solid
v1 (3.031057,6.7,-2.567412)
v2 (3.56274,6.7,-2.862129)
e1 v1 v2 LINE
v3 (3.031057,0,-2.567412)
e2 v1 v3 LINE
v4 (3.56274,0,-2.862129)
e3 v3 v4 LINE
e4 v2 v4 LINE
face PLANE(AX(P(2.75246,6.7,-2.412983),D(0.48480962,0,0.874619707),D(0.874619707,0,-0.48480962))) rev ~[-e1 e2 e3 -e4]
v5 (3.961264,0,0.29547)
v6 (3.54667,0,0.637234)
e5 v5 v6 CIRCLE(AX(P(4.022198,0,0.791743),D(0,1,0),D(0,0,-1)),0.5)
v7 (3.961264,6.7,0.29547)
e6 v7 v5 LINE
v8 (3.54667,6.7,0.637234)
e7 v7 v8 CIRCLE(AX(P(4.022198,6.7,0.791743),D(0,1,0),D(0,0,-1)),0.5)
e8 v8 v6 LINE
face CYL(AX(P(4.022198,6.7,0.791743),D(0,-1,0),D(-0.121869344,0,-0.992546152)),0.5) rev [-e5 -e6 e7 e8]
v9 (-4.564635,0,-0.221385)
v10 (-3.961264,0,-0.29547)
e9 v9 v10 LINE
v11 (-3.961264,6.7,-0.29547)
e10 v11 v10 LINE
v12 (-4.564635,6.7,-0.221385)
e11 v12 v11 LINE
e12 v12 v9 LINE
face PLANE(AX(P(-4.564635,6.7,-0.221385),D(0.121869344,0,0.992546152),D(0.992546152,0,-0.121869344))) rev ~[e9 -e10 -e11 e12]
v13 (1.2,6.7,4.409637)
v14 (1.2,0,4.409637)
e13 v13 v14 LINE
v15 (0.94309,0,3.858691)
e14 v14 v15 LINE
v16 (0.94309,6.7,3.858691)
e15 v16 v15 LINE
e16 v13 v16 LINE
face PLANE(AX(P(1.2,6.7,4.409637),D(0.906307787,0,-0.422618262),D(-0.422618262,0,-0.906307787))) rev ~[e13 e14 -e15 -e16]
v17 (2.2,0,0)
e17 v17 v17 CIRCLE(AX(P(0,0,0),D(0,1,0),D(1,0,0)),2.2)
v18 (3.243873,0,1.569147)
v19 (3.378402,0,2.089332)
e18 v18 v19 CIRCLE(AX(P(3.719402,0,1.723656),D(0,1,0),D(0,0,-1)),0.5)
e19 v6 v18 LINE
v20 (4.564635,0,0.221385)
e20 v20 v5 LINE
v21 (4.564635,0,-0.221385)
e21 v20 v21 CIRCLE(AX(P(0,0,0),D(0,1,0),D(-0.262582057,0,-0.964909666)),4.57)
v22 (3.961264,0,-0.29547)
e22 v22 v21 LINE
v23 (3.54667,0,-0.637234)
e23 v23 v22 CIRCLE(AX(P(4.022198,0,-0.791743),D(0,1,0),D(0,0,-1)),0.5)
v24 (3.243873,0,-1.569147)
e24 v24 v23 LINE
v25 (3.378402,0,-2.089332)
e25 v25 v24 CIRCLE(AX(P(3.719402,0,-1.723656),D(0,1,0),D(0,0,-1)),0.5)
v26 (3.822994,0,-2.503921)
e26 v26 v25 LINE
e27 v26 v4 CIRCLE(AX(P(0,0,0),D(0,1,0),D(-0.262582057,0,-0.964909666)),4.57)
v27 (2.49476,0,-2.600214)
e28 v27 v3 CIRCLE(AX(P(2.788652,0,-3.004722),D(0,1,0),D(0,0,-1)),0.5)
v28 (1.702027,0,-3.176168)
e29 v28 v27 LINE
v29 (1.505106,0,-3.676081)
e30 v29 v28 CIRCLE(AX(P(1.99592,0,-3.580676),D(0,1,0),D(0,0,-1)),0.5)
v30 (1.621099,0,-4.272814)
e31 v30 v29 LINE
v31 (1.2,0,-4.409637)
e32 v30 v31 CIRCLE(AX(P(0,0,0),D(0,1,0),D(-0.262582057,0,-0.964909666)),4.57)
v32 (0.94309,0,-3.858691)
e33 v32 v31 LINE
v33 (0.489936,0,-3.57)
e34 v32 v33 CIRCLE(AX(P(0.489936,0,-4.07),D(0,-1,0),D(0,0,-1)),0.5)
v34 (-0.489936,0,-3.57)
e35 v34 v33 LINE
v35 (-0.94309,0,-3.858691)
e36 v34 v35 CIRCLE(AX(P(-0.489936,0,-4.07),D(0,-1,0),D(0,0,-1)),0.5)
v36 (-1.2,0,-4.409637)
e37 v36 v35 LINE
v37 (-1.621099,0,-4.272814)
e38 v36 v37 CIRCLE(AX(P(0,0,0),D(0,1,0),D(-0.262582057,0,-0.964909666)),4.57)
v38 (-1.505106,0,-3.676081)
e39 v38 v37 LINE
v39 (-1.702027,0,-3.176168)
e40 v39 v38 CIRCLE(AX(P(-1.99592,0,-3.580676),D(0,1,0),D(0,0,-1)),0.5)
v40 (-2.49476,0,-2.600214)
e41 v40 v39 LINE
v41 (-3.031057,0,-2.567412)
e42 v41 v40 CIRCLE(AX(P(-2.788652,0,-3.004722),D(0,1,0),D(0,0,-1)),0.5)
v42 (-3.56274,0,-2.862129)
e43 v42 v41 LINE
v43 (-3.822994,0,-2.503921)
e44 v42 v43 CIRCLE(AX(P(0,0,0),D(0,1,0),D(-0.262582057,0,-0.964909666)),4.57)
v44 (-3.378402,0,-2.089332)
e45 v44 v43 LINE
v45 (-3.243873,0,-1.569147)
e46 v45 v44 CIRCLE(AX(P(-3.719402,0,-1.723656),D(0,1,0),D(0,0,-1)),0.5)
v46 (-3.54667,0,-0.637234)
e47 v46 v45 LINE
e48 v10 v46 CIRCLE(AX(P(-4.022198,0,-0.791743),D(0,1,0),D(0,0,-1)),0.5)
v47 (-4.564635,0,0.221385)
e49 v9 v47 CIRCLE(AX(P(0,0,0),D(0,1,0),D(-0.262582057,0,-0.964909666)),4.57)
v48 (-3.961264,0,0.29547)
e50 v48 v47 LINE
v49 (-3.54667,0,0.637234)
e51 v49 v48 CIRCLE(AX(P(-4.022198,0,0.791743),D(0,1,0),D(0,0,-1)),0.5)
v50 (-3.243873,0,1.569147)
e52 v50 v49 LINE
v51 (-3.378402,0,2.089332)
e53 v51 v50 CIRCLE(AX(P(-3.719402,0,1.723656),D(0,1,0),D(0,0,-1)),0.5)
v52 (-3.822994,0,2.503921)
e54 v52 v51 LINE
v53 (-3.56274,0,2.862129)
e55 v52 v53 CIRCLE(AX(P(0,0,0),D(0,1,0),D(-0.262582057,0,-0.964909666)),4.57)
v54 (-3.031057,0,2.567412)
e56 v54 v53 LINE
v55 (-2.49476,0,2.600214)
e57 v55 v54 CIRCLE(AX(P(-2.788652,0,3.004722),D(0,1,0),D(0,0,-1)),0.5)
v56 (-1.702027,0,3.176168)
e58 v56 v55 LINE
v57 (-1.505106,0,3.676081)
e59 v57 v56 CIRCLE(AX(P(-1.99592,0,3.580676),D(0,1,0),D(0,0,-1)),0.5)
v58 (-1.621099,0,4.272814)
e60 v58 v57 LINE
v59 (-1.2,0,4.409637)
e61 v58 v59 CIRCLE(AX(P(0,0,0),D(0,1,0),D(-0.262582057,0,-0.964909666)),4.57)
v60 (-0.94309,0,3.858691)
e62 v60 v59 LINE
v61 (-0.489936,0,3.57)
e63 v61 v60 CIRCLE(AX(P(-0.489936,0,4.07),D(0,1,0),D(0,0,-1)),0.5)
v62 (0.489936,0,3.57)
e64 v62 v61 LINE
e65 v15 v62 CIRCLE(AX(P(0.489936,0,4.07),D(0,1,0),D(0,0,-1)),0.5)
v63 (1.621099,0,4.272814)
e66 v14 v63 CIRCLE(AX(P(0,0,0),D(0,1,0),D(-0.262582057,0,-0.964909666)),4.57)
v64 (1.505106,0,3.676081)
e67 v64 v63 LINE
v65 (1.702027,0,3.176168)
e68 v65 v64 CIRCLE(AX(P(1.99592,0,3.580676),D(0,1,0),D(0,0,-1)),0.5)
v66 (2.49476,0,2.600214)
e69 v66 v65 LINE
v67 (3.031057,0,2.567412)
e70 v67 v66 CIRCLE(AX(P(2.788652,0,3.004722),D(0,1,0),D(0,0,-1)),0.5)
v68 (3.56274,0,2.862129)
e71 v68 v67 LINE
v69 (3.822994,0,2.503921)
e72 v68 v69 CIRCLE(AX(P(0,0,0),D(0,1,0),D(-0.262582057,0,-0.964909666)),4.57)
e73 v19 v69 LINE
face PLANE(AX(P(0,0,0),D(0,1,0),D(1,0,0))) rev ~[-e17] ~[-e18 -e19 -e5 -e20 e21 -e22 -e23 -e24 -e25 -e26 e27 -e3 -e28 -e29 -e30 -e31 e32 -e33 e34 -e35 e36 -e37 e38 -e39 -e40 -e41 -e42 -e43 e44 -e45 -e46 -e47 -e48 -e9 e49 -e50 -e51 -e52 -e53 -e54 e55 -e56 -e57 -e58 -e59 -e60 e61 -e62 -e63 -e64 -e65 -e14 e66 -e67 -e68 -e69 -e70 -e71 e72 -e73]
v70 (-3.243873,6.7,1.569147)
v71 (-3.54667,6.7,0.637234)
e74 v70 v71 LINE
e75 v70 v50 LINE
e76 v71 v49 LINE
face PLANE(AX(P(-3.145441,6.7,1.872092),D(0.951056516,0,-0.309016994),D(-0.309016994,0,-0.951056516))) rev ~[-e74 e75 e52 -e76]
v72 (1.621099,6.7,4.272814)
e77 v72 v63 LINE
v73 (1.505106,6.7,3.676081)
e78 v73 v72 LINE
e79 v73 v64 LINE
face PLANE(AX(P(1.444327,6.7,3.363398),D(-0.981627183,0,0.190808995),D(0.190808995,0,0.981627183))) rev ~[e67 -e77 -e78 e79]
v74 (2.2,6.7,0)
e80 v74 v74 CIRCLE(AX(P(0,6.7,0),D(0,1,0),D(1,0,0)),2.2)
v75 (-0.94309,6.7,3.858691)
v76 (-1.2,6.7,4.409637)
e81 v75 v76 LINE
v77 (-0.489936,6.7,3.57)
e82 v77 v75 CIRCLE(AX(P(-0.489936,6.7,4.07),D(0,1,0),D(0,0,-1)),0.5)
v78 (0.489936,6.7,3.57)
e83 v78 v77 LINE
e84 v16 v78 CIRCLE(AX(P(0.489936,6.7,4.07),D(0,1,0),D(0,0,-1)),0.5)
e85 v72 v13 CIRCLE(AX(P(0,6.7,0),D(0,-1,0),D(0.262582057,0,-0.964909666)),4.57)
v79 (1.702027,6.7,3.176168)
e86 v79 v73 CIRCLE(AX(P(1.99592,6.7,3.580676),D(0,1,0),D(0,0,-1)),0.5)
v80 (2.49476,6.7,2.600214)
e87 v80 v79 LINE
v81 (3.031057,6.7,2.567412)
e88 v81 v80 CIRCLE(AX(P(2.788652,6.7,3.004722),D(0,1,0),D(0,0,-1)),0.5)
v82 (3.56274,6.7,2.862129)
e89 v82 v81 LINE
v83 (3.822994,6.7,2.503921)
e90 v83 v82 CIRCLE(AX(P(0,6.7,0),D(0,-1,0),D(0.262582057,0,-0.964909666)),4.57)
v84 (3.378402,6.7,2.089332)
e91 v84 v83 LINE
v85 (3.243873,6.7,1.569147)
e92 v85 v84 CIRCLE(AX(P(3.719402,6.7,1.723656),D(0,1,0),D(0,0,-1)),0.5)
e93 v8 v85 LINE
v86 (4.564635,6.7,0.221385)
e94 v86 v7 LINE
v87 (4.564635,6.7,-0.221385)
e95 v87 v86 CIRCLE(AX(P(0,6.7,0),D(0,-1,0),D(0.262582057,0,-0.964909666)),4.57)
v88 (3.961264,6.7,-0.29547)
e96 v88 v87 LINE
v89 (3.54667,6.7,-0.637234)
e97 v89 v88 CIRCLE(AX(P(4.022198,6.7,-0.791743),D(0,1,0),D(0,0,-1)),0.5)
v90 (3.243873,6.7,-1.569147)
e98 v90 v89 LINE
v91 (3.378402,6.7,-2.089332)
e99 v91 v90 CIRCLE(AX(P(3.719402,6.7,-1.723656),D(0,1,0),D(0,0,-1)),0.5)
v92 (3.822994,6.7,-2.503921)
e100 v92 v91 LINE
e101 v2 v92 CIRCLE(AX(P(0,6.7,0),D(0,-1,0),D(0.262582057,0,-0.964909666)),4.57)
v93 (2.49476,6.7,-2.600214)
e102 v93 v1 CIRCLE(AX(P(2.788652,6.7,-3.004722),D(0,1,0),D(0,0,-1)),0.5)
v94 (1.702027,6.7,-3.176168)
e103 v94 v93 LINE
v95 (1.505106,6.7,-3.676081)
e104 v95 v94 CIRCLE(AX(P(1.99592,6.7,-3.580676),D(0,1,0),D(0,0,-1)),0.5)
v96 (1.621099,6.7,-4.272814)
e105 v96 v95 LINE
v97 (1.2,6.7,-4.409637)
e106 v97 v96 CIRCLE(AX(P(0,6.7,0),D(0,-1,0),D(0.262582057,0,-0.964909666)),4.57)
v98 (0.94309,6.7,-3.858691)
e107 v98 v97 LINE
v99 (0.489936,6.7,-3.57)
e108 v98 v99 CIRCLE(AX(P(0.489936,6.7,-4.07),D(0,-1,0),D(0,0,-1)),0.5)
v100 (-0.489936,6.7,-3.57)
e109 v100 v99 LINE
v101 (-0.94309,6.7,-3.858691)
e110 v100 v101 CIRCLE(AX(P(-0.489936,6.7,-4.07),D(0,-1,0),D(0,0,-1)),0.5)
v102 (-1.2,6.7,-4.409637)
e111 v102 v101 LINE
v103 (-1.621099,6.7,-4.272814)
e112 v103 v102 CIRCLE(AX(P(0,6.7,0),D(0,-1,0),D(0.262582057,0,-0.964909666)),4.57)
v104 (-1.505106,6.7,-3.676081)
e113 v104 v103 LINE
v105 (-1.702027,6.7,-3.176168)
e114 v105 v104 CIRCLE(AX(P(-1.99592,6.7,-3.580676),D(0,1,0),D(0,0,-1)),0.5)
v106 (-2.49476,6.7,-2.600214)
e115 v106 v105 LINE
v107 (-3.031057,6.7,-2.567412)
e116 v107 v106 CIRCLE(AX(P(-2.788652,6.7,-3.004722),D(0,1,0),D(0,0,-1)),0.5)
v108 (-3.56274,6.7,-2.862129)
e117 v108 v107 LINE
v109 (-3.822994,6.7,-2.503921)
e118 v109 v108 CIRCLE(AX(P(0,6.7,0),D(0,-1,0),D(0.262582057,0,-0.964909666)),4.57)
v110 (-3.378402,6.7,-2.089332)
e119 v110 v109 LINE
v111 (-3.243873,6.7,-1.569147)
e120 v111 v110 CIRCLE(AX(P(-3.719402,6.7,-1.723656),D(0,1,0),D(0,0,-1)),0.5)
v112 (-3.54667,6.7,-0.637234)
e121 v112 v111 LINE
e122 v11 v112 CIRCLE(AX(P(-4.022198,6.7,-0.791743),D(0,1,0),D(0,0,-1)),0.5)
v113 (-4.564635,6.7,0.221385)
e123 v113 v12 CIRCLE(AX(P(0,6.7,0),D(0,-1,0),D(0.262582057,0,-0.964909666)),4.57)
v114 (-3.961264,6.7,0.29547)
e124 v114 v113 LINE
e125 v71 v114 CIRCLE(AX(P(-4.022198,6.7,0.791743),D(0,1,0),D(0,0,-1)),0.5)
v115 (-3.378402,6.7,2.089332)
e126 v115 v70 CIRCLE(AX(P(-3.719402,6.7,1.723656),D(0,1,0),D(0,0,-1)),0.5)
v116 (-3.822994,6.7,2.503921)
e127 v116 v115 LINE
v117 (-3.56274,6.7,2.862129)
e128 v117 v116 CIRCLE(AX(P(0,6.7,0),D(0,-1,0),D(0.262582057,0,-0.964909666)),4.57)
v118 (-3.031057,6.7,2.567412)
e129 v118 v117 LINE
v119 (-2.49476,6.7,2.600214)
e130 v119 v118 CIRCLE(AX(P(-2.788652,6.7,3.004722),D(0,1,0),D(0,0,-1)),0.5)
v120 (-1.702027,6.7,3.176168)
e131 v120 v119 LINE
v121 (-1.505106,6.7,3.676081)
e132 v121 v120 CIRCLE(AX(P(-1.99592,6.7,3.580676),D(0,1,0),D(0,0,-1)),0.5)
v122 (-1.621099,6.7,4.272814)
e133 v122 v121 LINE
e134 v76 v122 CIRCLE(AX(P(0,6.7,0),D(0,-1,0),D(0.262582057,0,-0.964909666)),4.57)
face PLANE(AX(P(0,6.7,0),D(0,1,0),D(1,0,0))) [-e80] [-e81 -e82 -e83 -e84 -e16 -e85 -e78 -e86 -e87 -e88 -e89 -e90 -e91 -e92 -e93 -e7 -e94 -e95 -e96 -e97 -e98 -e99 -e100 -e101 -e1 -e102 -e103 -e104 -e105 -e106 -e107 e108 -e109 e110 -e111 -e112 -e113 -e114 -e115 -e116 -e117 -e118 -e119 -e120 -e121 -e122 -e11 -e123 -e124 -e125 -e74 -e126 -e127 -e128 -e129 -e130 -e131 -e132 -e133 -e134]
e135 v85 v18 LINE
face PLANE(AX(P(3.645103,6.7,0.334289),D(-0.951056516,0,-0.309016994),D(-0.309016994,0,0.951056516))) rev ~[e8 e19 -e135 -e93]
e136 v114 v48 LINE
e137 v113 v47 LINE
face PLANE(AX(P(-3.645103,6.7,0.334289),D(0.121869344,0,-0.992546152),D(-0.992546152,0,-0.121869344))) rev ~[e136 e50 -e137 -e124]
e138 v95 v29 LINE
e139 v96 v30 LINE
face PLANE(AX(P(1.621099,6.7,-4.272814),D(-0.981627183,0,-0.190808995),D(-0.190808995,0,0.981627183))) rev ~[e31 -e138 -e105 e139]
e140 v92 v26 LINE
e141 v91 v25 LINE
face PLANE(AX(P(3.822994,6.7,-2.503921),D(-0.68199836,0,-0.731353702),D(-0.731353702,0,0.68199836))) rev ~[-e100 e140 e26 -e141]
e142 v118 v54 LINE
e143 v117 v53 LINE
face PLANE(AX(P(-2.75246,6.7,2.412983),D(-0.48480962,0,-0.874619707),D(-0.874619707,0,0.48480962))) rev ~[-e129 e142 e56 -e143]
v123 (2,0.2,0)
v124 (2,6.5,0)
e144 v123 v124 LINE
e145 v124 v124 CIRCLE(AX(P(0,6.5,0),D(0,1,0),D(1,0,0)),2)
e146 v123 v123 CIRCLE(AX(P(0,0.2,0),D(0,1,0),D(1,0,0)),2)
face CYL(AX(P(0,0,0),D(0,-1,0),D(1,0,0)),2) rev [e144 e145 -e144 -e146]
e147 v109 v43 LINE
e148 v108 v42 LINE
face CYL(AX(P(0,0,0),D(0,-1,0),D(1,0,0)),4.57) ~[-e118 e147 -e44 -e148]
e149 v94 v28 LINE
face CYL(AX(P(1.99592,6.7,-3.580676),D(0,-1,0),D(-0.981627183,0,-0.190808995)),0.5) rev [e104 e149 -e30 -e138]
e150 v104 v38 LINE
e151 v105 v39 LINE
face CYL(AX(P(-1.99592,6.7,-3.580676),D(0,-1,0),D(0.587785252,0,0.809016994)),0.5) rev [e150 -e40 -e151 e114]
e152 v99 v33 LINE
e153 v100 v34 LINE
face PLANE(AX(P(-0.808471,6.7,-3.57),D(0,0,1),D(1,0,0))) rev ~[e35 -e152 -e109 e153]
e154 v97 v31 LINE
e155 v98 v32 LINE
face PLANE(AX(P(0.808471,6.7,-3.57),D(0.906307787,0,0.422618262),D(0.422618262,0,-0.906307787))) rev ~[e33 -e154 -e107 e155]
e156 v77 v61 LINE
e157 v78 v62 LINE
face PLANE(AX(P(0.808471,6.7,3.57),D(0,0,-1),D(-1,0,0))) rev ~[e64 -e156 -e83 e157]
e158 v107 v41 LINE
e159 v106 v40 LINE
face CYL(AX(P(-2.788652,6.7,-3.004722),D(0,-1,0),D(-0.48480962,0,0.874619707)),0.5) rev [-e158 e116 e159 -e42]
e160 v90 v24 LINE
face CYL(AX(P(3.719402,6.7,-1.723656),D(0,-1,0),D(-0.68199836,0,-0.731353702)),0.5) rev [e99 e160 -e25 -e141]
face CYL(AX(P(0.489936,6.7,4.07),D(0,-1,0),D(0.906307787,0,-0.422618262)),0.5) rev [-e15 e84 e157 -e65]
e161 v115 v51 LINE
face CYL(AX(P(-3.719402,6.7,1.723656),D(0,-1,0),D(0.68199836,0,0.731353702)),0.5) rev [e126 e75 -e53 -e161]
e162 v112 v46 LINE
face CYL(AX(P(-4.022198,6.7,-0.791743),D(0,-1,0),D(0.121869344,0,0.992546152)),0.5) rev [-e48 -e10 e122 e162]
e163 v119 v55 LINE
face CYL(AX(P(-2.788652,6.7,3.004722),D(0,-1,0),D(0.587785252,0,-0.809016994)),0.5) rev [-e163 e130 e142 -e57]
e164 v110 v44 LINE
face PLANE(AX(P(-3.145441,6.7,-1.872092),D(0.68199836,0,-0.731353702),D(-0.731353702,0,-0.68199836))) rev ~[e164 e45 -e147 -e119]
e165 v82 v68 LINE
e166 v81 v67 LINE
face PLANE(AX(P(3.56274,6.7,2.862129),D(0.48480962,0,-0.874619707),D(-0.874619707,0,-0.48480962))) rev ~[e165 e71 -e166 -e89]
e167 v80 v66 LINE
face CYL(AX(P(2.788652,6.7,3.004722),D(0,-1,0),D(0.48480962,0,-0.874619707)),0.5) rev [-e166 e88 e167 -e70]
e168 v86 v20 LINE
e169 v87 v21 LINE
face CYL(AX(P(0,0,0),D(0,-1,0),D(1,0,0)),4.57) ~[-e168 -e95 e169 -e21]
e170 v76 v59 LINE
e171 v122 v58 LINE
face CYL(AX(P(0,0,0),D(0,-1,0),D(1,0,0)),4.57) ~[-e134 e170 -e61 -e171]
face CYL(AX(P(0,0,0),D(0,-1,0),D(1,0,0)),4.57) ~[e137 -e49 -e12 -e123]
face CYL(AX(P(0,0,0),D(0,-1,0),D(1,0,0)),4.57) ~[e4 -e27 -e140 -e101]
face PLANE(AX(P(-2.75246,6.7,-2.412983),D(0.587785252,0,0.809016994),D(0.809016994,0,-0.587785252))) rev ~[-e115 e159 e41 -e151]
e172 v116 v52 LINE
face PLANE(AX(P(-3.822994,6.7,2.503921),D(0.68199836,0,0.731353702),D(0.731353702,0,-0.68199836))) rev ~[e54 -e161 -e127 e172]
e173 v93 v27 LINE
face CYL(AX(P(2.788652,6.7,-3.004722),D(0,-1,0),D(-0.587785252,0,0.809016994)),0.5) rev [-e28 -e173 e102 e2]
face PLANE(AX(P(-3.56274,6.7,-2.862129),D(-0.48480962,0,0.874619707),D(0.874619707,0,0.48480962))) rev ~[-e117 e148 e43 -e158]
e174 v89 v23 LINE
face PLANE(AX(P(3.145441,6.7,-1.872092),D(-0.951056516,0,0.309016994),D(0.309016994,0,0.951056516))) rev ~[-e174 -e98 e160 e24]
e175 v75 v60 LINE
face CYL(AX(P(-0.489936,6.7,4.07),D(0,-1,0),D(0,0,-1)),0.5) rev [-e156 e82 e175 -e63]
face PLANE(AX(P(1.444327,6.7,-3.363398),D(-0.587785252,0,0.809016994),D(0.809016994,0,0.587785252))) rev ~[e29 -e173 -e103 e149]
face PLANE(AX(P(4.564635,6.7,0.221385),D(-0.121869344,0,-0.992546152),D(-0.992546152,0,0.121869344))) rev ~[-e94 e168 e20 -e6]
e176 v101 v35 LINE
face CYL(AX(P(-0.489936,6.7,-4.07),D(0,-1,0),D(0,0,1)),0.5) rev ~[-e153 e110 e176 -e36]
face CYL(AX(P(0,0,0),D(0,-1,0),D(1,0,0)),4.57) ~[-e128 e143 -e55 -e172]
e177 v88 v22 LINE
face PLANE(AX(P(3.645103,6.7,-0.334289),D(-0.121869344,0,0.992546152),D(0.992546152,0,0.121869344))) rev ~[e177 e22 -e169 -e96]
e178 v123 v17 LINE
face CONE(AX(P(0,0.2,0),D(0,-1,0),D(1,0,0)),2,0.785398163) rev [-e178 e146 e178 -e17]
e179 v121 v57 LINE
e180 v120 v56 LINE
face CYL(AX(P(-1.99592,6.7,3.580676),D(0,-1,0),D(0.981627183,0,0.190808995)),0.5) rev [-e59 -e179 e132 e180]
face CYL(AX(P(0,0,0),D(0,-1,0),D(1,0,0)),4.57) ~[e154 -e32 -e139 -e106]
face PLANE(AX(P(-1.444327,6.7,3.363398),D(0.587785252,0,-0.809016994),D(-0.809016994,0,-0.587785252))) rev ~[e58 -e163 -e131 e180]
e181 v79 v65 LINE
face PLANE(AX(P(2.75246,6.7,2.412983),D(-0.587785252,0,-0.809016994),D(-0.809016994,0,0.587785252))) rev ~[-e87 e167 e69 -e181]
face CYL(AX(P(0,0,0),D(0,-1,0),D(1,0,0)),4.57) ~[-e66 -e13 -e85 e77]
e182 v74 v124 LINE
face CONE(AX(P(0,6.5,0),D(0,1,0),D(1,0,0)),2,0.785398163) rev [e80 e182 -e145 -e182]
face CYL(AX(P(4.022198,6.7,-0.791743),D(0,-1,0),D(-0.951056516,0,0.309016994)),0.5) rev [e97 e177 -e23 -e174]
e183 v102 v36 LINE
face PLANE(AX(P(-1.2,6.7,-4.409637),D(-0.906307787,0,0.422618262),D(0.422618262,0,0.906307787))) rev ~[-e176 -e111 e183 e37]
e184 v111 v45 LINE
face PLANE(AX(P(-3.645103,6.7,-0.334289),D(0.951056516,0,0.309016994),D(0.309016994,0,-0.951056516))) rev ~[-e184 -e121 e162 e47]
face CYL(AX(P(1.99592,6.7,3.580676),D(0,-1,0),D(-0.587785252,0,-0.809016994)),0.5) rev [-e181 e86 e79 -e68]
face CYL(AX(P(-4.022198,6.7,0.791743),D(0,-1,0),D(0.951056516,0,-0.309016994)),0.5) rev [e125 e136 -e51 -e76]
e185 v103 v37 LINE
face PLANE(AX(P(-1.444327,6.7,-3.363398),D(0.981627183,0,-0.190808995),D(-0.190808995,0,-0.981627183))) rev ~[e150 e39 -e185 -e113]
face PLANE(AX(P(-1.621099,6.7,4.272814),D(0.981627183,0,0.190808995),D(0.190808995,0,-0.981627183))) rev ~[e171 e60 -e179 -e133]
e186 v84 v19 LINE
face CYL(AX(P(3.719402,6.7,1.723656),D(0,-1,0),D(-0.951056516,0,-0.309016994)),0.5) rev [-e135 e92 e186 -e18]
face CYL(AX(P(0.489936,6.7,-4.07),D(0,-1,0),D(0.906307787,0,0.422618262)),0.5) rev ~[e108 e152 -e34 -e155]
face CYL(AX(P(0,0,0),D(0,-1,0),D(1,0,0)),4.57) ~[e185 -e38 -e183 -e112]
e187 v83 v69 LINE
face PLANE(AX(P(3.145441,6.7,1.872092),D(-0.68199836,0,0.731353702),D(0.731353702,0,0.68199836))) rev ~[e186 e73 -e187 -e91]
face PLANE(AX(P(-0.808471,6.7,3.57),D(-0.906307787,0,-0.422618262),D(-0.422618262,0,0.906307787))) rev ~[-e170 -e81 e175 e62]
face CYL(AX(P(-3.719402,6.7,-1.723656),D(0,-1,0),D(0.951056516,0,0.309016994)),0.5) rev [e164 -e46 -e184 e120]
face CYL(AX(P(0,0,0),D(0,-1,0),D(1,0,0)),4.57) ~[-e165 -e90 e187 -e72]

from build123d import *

# Parameters (mm, degrees)
SKIZZE1_R                       = 4.57
SKIZZE1_R_2                     = 2
AUFSATZ_LINEAR_AUSTRAGEN1_DEPTH = 6.7
SCHNITT_LINEAR_AUSTRAGEN1_DEPTH = 10.309124556
VERRUNDUNG1_R                   = 0.5
KREISMUSTER1_COUNT              = 10
VERRUNDUNG1_OF_KREISMUSTER1_R   = 0.5
FASE2_SIZE                      = 0.2


with BuildPart() as part:
    # Skizze1 → Aufsatz-Linear austragen1 (new body)
    with BuildSketch(Plane(origin=(0, 0, 0), x_dir=(1, 0, 0), z_dir=(0, 1, 0))):
        Circle(SKIZZE1_R)
        Circle(SKIZZE1_R_2, mode=Mode.SUBTRACT)
    extrude(amount=AUFSATZ_LINEAR_AUSTRAGEN1_DEPTH)

    # Skizze12 → Schnitt-Linear austragen1 (cut, through all)
    with BuildSketch(Plane(origin=(0, 6.7, 0), x_dir=(1, 0, 0), z_dir=(0, 1, 0))):
        with BuildLine():
            Line((-1.2, 4.409637173), (-0.808470756, 3.57))
            Line((-0.808470756, 3.57), (0.808470756, 3.57))
            Line((0.808470756, 3.57), (1.2, 4.409637173))
            ThreePointArc((1.2, 4.409637173), (0, 4.57), (-1.2, 4.409637173))
        make_face()
    schnitt_linear_austragen1 = extrude(amount=-SCHNITT_LINEAR_AUSTRAGEN1_DEPTH, mode=Mode.SUBTRACT)

    # Verrundung1
    verrundung1_edges = [part.edges().sort_by_distance(p)[0] for p in [
        (0.808470756, 3.35, -3.57),
        (-0.808470756, 3.35, -3.57),
    ]]
    fillet(verrundung1_edges, radius=VERRUNDUNG1_R)

    # Kreismuster1: Schnitt-Linear austragen1 ×10 about axis
    kreismuster1_axis = Axis((0, -12.75, 0), (0, 1, 0))
    for i in range(1, KREISMUSTER1_COUNT):
        add(schnitt_linear_austragen1.rotate(kreismuster1_axis, i * 360 / KREISMUSTER1_COUNT), mode=Mode.SUBTRACT)

    # Verrundung1 of Kreismuster1
    verrundung1_of_kreismuster1_edges = [part.edges().sort_by_distance(p)[0] for p in [
        (-1.44432677, 3.35, -3.363397857),
        (-2.752459932, 3.35, -2.412983483),
        (-3.14544056, 3.35, -1.872092051),
        (-3.645102966, 3.35, -0.334289289),
        (-3.645102966, 3.35, 0.334289289),
        (-3.14544056, 3.35, 1.872092051),
        (-2.752459932, 3.35, 2.412983483),
        (-1.44432677, 3.35, 3.363397857),
        (-0.808470756, 3.35, 3.57),
        (0.808470756, 3.35, 3.57),
        (1.44432677, 3.35, 3.363397857),
        (2.752459932, 3.35, 2.412983483),
        (3.14544056, 3.35, 1.872092051),
        (3.645102966, 3.35, 0.334289289),
        (3.645102966, 3.35, -0.334289289),
        (3.14544056, 3.35, -1.872092051),
        (2.752459932, 3.35, -2.412983483),
        (1.44432677, 3.35, -3.363397857),
    ]]
    fillet(verrundung1_of_kreismuster1_edges, radius=VERRUNDUNG1_OF_KREISMUSTER1_R)

    # Fase2
    fase2_edges = [part.edges().sort_by_distance(p)[0] for p in [
        (-2, 6.7, 0),
        (-2, 0, 0),
    ]]
    chamfer(fase2_edges, length=FASE2_SIZE)


solid = part.part
